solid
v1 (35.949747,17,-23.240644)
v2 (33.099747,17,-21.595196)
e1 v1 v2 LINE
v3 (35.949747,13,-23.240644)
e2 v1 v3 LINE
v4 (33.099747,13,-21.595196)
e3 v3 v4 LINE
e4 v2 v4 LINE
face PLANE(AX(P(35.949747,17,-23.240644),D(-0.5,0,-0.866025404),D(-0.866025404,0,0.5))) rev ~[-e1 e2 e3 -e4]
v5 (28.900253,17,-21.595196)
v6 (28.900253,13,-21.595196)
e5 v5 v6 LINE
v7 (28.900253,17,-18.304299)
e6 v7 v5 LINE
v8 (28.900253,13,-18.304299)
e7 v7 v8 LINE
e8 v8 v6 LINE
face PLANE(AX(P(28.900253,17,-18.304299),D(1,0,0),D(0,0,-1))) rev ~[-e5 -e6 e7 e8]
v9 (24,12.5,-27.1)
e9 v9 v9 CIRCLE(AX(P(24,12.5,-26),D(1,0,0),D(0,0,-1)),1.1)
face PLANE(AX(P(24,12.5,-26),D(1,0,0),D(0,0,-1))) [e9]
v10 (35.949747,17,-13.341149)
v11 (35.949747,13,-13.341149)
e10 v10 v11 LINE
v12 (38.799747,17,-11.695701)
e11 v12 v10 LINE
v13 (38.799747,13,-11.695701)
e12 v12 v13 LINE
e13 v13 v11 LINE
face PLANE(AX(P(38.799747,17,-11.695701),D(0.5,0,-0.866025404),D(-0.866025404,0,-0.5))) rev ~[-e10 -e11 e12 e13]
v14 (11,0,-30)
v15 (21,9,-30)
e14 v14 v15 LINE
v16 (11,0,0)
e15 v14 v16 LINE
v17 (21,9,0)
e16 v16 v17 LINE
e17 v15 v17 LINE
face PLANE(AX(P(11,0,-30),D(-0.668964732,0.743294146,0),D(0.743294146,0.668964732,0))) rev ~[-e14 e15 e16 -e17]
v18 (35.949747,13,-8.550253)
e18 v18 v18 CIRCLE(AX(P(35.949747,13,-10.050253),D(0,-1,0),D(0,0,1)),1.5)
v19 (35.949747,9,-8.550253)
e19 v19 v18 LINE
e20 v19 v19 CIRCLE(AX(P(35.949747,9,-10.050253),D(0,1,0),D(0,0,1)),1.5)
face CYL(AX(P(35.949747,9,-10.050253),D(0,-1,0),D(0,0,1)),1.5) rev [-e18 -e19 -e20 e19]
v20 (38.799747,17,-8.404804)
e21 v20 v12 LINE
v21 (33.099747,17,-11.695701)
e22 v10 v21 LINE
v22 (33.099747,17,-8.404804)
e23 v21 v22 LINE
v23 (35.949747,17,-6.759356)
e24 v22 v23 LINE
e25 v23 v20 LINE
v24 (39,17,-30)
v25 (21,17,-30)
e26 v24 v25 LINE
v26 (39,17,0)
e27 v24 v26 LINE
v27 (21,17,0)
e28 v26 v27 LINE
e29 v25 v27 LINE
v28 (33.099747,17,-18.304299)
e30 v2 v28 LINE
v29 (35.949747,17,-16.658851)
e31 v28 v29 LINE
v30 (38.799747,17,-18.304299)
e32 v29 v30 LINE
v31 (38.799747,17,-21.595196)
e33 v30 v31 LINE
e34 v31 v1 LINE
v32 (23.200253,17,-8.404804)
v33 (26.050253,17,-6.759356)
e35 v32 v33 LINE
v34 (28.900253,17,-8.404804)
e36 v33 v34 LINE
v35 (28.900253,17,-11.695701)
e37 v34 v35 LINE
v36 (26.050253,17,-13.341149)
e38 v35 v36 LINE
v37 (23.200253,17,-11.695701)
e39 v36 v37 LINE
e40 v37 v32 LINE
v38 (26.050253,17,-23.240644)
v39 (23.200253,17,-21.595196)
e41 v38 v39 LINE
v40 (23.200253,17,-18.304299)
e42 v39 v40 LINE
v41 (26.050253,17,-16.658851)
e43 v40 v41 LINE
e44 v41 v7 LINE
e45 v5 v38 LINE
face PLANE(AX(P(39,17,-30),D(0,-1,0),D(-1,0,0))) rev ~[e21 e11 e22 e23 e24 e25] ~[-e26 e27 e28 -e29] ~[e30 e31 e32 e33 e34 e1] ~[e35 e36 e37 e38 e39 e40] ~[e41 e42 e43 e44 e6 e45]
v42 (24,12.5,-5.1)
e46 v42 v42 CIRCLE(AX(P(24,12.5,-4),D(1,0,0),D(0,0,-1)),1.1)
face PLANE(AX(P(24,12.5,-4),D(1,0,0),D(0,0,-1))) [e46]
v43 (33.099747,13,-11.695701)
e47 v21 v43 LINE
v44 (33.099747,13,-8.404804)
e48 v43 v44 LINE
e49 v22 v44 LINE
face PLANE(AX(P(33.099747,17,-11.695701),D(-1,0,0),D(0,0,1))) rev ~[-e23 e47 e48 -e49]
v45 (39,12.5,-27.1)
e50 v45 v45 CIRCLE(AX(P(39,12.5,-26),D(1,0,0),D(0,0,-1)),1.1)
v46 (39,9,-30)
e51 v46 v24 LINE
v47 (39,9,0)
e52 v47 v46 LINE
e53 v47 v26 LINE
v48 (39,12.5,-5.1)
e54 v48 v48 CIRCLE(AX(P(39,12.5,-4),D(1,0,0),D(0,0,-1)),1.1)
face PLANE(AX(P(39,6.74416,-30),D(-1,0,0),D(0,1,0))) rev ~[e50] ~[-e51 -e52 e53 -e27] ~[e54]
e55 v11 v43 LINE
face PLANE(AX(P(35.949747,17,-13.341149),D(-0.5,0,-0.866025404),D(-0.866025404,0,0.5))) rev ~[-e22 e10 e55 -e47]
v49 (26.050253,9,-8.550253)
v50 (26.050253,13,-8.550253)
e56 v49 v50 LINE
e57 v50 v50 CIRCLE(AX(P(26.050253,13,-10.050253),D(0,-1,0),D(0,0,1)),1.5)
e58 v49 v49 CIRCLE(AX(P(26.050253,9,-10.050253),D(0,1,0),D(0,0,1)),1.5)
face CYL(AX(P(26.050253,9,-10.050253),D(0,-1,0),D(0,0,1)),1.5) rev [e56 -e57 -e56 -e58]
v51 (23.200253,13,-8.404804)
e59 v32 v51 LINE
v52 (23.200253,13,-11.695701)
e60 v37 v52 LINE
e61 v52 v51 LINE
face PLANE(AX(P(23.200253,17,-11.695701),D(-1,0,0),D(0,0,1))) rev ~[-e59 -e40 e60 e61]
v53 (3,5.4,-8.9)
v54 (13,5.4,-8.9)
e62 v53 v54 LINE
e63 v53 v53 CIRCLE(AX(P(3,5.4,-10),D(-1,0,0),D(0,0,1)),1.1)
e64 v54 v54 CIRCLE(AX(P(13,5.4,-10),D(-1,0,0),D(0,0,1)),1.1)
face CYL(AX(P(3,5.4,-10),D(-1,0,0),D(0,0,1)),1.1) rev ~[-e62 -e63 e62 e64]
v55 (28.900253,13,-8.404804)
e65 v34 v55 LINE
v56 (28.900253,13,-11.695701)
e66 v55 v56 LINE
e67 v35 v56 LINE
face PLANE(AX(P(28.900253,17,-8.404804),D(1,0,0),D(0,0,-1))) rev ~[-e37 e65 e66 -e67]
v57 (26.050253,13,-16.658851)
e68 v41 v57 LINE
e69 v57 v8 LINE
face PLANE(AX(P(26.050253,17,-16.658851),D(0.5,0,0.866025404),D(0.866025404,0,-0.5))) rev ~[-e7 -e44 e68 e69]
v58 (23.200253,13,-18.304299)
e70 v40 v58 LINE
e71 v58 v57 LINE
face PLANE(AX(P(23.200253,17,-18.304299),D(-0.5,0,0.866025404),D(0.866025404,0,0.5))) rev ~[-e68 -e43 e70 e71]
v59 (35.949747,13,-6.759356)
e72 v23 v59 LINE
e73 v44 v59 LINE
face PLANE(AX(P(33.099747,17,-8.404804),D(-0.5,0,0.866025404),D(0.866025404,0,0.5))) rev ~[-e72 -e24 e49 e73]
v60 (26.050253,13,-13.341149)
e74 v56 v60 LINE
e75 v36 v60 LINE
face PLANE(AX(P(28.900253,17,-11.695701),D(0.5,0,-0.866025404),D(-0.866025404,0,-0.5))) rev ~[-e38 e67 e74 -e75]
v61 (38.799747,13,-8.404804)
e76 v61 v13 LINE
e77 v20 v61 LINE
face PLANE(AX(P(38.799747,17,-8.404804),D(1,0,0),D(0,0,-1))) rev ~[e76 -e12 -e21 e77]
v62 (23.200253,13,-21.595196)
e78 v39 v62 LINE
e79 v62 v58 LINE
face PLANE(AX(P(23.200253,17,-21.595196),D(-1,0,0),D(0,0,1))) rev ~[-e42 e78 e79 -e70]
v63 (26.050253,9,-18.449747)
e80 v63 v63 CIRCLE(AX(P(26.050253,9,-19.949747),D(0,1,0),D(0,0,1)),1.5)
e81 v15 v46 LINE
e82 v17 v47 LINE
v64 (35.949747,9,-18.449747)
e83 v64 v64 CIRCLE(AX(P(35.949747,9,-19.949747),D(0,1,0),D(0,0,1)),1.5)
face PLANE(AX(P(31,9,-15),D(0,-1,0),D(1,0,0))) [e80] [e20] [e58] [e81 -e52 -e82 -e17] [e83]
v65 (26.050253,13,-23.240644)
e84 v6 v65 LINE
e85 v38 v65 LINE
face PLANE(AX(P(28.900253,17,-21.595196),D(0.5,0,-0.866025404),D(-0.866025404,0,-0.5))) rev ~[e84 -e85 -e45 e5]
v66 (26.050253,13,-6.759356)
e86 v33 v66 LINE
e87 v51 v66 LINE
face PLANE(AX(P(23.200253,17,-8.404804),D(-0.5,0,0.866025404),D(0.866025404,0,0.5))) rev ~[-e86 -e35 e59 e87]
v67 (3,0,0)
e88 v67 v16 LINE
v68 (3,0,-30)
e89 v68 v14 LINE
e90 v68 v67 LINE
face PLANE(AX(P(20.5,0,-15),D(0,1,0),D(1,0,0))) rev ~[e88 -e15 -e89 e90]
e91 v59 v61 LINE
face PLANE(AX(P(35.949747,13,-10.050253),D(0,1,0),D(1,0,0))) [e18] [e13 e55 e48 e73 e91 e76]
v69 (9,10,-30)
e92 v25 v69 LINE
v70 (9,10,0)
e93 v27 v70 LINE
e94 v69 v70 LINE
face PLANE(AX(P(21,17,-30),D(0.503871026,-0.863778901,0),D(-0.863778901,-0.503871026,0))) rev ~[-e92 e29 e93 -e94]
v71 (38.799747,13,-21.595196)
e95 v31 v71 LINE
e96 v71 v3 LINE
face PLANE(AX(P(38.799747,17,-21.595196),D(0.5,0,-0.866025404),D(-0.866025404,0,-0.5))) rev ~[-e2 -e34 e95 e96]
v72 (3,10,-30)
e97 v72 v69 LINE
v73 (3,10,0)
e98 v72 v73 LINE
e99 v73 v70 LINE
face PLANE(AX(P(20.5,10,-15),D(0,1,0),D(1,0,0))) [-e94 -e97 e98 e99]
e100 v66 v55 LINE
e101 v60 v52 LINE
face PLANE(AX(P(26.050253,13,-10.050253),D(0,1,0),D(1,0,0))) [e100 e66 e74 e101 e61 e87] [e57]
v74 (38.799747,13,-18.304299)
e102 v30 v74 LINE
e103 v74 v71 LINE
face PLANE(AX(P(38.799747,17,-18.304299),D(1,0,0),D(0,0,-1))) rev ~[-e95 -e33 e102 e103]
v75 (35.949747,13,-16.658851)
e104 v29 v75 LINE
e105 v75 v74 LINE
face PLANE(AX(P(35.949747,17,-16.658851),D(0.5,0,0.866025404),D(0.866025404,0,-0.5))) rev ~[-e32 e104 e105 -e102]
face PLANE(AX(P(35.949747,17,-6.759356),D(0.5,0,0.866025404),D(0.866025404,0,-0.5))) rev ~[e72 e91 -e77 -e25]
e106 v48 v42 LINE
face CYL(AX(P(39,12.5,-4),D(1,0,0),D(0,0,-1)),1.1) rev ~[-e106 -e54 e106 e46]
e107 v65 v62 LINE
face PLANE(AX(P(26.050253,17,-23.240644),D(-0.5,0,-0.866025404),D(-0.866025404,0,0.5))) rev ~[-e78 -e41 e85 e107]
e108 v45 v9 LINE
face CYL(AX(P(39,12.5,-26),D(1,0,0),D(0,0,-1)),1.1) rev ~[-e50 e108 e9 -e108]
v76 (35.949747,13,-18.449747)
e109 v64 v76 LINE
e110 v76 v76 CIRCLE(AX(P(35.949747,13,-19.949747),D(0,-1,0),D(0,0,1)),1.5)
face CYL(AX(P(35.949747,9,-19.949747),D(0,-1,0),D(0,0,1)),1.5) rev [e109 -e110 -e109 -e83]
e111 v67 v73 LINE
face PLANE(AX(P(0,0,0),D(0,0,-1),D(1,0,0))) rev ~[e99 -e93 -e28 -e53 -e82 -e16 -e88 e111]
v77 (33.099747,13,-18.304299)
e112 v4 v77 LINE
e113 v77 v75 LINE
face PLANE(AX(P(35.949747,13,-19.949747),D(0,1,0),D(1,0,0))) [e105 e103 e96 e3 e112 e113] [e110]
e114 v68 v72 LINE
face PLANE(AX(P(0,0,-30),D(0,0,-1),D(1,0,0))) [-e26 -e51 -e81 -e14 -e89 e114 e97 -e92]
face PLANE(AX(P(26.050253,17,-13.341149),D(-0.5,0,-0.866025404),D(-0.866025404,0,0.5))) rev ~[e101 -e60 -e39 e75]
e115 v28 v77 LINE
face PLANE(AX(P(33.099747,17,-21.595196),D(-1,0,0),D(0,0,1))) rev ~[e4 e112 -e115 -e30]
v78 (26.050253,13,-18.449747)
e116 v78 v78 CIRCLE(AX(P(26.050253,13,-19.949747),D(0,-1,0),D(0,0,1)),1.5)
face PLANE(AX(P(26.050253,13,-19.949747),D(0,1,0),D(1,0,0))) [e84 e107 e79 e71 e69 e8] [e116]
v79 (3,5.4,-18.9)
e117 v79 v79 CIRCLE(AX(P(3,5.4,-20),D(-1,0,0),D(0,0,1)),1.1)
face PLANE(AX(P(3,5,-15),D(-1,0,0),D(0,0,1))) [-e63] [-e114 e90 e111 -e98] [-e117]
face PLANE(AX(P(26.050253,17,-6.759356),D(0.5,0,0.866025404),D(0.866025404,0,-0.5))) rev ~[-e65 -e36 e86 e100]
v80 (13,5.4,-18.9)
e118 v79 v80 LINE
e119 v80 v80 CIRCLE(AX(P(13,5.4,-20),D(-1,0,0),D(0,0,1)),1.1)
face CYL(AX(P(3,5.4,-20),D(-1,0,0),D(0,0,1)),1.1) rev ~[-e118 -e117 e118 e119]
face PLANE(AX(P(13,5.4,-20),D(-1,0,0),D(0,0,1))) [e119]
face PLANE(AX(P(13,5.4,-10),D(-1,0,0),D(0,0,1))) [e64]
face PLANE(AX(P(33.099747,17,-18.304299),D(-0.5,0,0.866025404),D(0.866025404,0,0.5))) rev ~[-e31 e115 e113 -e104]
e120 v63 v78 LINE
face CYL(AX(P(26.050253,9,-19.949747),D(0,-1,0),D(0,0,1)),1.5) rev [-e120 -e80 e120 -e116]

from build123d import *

# Parameters (mm, degrees)
SKETCH_1_W          = 41
SKETCH_1_H          = 30
EXTRUDE_1_DEPTH     = 10
SKETCH_3_W          = 30
SKETCH_3_H          = 10
CUT_EXTRUDE_2_DEPTH = 3
EXTRUDE_3_DEPTH     = 30
SKETCH_6_W          = 20
SKETCH_6_H          = 30
CUT_EXTRUDE_5_DEPTH = 9
SKETCH_2_R          = 1.1
CUT_EXTRUDE_1_DEPTH = 15
SKETCH_8_R          = 1.5
CUT_EXTRUDE_6_DEPTH = 52.594573358
SKETCH_4_R          = 1.1
CUT_EXTRUDE_3_DEPTH = 10
CUT_EXTRUDE_7_DEPTH = 54.572380944
CUT_EXTRUDE_8_DEPTH = 4
SKETCH_11_W         = 4.132049734
SKETCH_11_H         = 3.255839909
CUT_EXTRUDE_9_DEPTH = 54.572380944


with BuildPart() as part:
    # Эскиз1 → Бобышка-Вытянуть1 (new body)
    with BuildSketch(Plane(origin=(0, 0, 0), x_dir=(1, 0, 0), z_dir=(0, 1, 0))):
        with Locations((20.5, 15)):
            Rectangle(SKETCH_1_W, SKETCH_1_H)
    extrude(amount=EXTRUDE_1_DEPTH)

    # Эскиз3 → Вырез-Вытянуть2 (cut)
    with BuildSketch(Plane.ZY):
        with Locations((-15, 5)):
            Rectangle(SKETCH_3_W, SKETCH_3_H)
    extrude(amount=-CUT_EXTRUDE_2_DEPTH, mode=Mode.SUBTRACT)

    # Эскиз7 → Бобышка-Вытянуть3 (add)
    with BuildSketch(Plane(origin=(0, 0, -30), x_dir=(-1, 0, 0), z_dir=(0, 0, -1))):
        Polygon((-39, 17), (-21, 17), (-9, 10), (-39, 10), align=None)
    extrude(amount=-EXTRUDE_3_DEPTH)

    # Эскиз6 → Вырез-Вытянуть5 (cut)
    with BuildSketch(Plane.XZ):
        with Locations((31, -15)):
            Rectangle(SKETCH_6_W, SKETCH_6_H)
    extrude(amount=-CUT_EXTRUDE_5_DEPTH, mode=Mode.SUBTRACT)

    # Эскиз2 → Вырез-Вытянуть1 (cut)
    with BuildSketch(Plane(origin=(39, 0, 0), x_dir=(0, 0, -1), z_dir=(1, 0, 0))):
        with Locations((4, 12.5)):
            Circle(SKETCH_2_R)
        with Locations((26, 12.5)):
            Circle(SKETCH_2_R)
    extrude(amount=-CUT_EXTRUDE_1_DEPTH, mode=Mode.SUBTRACT)

    # Эскиз8 → Вырез-Вытянуть6 (cut, through all)
    with BuildSketch(Plane(origin=(0, 9, 0), x_dir=(1, 0, 0), z_dir=(0, 1, 0))):
        with Locations(Location((35.949747468, 19.949747468, 0), (0, 0, 270))):
            Circle(SKETCH_8_R)
        with Locations(Location((35.949747468, 10.050252532, 0), (0, 0, 270))):
            Circle(SKETCH_8_R)
        with Locations(Location((26.050252532, 10.050252532, 0), (0, 0, 270))):
            Circle(SKETCH_8_R)
        with Locations(Location((26.050252532, 19.949747468, 0), (0, 0, 270))):
            Circle(SKETCH_8_R)
    extrude(amount=CUT_EXTRUDE_6_DEPTH, mode=Mode.SUBTRACT)

    # Эскиз4 → Вырез-Вытянуть3 (cut)
    with BuildSketch(Plane.ZY.offset(-3)):
        with Locations((-20, 5.4)):
            Circle(SKETCH_4_R)
        with Locations((-10, 5.4)):
            Circle(SKETCH_4_R)
    extrude(amount=-CUT_EXTRUDE_3_DEPTH, mode=Mode.SUBTRACT)

    # Эскиз9 → Вырез-Вытянуть7 (cut, through all)
    with BuildSketch(Plane(origin=(0, 0, -30), x_dir=(-1, 0, 0), z_dir=(0, 0, -1))):
        Polygon((-21, 9), (-21, 0), (-11, 0), align=None)
    extrude(amount=-CUT_EXTRUDE_7_DEPTH, mode=Mode.SUBTRACT)

    # Эскиз10 → Вырез-Вытянуть8 (cut)
    with BuildSketch(Plane(origin=(0, 17, 0), x_dir=(1, 0, 0), z_dir=(0, 1, 0))):
        Polygon((26.050252532, 23.240644003), (23.200252532, 21.595195735), (23.200252532, 18.304299201), (26.050252532, 16.658850934), (28.900252532, 18.304299201), (28.900252532, 21.595195735), align=None)
        Polygon((35.949747468, 23.240644003), (33.099747468, 21.595195735), (33.099747468, 18.304299201), (35.949747468, 16.658850934), (38.799747468, 18.304299201), (38.799747468, 21.595195735), align=None)
        Polygon((35.949747468, 13.341149066), (33.099747468, 11.695700799), (33.099747468, 8.404804265), (35.949747468, 6.759355997), (38.799747468, 8.404804265), (38.799747468, 11.695700799), align=None)
        Polygon((26.050252532, 13.341149066), (23.200252532, 11.695700799), (23.200252532, 8.404804265), (26.050252532, 6.759355997), (28.900252532, 8.404804265), (28.900252532, 11.695700799), align=None)
    extrude(amount=-CUT_EXTRUDE_8_DEPTH, mode=Mode.SUBTRACT)

    # Эскиз11 → Вырез-Вытянуть9 (cut, through all)
    with BuildSketch(Plane(origin=(0, 0, -30), x_dir=(-1, 0, 0), z_dir=(0, 0, -1))):
        with Locations((-41.066024867, 8.372080046)):
            Rectangle(SKETCH_11_W, SKETCH_11_H)
    extrude(amount=-CUT_EXTRUDE_9_DEPTH, mode=Mode.SUBTRACT)


solid = part.part
